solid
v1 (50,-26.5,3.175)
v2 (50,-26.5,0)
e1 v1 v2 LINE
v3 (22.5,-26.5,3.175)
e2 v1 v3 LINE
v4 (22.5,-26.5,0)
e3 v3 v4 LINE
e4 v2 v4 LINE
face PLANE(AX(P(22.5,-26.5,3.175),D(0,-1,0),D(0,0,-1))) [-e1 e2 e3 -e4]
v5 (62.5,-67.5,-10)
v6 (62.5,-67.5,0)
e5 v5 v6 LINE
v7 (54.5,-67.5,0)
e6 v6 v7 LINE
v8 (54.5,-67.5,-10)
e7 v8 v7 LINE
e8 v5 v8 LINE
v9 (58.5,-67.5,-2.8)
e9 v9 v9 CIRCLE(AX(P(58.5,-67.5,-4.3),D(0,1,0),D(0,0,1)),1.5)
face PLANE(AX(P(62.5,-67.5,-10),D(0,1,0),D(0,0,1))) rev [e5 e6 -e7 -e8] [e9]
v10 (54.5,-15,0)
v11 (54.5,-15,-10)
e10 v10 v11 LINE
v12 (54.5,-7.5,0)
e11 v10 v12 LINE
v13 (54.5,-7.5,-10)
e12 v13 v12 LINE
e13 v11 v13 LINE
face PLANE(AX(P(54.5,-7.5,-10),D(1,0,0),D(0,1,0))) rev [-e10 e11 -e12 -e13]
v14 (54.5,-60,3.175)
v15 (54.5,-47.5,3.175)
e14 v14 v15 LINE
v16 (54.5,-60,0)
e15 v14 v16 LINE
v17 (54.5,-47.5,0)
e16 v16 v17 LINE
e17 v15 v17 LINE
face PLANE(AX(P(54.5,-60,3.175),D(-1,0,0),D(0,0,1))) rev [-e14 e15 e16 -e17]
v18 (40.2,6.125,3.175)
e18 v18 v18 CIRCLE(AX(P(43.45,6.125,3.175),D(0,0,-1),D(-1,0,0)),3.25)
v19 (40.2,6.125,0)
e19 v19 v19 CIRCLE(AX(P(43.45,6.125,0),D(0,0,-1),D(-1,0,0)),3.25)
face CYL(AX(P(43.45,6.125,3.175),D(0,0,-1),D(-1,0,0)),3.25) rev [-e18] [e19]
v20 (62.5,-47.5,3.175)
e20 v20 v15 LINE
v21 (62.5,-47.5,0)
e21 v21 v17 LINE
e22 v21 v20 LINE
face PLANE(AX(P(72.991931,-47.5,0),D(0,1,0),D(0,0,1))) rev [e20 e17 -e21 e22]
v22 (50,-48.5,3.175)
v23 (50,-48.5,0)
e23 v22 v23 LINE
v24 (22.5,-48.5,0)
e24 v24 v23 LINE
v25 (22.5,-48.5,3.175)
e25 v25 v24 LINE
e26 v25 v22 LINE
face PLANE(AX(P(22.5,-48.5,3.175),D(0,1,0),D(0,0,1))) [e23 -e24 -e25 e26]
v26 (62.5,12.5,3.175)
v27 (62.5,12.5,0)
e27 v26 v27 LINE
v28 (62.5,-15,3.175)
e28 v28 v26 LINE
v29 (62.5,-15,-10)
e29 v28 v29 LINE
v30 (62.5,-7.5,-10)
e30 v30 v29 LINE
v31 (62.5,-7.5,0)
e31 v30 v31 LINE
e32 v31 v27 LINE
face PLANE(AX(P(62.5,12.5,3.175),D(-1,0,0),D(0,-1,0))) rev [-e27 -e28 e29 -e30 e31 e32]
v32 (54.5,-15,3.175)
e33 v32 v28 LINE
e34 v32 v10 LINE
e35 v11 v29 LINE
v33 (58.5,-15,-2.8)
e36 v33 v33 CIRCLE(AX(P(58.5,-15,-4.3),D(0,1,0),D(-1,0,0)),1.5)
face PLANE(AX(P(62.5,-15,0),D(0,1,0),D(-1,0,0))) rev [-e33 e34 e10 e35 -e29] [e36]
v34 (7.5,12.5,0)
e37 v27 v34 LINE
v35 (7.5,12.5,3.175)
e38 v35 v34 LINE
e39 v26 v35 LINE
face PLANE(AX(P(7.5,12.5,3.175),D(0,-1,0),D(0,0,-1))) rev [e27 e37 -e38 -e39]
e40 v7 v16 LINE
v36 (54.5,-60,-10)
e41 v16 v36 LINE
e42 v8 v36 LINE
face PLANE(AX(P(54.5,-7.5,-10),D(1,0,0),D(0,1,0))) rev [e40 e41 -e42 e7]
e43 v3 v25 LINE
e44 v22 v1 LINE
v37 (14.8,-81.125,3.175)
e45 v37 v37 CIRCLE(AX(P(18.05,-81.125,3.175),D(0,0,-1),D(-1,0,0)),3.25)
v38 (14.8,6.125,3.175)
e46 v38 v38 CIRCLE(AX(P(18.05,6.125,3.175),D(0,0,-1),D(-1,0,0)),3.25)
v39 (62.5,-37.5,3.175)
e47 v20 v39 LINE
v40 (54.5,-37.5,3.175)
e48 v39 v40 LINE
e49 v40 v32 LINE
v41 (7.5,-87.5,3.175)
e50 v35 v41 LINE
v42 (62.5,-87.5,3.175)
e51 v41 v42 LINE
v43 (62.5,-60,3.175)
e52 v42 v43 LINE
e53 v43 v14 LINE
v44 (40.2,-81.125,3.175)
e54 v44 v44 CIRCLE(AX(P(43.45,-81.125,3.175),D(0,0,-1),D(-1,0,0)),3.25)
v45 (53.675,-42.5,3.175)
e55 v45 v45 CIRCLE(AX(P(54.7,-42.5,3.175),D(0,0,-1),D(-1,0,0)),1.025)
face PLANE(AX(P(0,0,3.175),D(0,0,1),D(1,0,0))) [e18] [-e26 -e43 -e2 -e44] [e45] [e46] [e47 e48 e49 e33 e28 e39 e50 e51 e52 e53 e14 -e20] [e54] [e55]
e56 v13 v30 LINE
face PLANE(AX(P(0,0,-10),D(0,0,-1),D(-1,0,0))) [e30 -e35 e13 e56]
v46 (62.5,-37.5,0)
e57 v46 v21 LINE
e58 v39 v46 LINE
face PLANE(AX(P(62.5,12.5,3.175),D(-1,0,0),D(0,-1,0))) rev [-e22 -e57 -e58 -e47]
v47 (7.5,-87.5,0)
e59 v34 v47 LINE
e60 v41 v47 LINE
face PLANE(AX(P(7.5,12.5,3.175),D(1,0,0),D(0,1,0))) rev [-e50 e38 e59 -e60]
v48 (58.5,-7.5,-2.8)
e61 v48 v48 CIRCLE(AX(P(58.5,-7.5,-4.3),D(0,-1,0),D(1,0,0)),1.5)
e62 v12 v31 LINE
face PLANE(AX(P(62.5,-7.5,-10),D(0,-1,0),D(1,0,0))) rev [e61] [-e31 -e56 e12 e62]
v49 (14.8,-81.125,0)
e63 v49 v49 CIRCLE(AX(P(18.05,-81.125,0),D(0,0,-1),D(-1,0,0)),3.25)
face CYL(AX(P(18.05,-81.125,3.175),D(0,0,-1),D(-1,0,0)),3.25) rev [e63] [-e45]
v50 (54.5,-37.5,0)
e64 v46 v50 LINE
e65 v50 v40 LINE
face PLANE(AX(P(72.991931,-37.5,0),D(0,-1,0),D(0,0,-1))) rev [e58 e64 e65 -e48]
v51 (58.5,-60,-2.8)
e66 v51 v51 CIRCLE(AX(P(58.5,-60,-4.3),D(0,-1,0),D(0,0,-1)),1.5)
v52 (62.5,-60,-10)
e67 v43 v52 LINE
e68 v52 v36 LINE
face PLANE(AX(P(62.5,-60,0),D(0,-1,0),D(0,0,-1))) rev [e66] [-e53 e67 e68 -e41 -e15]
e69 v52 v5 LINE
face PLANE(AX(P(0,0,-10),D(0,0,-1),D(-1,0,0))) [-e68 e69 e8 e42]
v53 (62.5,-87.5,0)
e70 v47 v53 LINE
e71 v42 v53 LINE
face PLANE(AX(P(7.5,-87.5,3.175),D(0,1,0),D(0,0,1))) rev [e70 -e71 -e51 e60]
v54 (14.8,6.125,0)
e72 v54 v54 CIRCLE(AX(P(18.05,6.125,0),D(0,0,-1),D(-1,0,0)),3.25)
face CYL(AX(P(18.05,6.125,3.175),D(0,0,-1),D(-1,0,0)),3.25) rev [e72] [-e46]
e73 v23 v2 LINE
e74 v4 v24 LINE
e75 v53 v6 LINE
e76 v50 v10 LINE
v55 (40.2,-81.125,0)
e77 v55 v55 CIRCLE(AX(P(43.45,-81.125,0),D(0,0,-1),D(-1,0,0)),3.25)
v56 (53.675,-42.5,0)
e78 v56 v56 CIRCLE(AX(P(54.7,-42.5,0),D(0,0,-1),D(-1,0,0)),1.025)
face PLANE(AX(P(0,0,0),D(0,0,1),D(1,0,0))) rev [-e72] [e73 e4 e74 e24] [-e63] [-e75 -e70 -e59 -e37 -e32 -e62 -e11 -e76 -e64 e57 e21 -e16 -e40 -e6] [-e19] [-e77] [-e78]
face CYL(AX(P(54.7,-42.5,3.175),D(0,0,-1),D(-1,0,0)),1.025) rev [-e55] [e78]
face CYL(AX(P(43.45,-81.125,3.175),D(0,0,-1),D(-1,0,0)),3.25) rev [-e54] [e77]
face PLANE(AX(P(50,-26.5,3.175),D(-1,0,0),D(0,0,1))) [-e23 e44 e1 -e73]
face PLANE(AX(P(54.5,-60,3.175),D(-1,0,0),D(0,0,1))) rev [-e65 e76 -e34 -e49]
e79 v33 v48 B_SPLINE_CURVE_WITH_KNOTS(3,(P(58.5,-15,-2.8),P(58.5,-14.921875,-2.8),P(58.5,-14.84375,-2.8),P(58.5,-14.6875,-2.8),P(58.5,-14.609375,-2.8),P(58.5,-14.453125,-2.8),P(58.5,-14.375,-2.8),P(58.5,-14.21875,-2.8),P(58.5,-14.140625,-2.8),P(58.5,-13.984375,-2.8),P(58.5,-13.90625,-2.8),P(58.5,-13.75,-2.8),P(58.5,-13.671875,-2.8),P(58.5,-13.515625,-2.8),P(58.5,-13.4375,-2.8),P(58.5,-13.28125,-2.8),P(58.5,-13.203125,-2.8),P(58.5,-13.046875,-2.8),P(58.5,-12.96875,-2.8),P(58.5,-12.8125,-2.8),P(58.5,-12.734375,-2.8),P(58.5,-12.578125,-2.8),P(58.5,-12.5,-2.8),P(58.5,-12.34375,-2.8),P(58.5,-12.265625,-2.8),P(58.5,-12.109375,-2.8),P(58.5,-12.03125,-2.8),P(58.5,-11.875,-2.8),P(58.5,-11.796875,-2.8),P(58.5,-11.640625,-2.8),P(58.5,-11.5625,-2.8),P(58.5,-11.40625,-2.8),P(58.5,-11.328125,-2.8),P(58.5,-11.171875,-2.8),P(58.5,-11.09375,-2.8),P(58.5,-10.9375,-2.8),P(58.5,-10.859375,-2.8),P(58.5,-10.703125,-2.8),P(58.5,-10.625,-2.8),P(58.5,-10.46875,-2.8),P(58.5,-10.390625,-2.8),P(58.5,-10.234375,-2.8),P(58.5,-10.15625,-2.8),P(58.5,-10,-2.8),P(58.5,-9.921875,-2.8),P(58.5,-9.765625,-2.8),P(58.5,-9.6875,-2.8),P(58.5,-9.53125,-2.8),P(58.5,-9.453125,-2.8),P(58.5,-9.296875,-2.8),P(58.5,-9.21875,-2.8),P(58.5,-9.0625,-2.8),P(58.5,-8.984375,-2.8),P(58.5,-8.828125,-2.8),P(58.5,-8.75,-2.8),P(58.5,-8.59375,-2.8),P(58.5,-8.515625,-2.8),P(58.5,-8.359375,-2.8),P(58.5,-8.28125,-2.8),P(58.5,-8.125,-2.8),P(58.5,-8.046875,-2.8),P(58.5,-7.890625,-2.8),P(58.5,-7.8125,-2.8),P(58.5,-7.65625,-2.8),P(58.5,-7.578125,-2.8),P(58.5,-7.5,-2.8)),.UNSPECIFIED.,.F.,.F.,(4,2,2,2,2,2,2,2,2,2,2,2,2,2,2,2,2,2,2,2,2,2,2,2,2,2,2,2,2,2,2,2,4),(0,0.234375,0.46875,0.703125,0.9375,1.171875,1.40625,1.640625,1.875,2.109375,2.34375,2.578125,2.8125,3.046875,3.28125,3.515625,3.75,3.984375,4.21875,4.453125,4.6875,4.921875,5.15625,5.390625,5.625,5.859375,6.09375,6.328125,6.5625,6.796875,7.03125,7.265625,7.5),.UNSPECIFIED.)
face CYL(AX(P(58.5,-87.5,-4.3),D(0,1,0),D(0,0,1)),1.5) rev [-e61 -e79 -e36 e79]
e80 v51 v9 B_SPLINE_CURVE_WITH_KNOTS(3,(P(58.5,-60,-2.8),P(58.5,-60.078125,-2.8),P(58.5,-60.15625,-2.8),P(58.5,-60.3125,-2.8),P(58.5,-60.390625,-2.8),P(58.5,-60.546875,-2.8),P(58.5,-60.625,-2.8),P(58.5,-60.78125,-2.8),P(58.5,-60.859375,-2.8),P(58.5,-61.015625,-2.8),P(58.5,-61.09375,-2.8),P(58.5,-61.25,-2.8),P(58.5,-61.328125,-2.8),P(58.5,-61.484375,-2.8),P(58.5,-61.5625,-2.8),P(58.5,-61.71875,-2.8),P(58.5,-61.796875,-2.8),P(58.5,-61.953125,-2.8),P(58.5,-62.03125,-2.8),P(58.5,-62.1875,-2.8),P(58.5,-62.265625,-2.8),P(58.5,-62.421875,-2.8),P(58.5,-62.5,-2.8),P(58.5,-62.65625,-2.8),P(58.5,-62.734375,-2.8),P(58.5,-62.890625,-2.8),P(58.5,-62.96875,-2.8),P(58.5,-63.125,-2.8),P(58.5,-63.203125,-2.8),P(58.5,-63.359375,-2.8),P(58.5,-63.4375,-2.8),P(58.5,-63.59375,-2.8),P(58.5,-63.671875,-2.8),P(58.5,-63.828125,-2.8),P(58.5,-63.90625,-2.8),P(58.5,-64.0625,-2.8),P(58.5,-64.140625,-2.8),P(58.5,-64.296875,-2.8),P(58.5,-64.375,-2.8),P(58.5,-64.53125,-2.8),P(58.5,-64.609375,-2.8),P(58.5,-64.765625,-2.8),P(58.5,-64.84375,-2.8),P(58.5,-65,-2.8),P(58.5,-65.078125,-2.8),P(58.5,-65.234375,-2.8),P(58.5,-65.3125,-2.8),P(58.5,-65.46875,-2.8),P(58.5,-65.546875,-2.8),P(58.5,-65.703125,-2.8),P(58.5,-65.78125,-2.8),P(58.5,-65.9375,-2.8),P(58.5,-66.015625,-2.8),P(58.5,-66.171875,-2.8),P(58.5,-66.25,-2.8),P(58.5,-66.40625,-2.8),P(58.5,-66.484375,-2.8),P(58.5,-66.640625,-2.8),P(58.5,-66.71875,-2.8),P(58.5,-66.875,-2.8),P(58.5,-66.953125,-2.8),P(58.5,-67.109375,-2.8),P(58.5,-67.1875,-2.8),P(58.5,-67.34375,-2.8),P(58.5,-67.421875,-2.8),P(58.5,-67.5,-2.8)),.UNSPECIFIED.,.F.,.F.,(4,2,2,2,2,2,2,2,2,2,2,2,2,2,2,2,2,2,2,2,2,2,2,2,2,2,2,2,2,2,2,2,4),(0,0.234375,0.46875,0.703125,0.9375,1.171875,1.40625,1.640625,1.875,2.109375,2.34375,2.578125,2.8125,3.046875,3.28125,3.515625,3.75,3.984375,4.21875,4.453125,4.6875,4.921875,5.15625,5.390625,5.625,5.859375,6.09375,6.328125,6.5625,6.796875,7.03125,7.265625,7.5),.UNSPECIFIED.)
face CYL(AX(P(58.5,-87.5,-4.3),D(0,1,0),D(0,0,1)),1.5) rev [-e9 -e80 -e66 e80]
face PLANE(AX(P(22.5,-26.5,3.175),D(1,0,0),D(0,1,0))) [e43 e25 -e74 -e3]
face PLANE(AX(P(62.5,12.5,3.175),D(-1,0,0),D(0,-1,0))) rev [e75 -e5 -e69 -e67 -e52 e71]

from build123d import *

# Parameters (mm, degrees)
SKETCH1_W           = 55
SKETCH1_H           = 100
SKETCH1_W_2         = 27.5
SKETCH1_H_2         = 22
BOSS_EXTRUDE1_DEPTH = 3.175
SKETCH2_W           = 8
SKETCH2_H           = 60
BOSS_EXTRUDE2_DEPTH = 10
SKETCH3_W           = 8
SKETCH3_H           = 45
CUT_EXTRUDE1_DEPTH  = 10
SKETCH4_R           = 1.5
CUT_EXTRUDE2_DEPTH  = 119.348003785
SKETCH5_R           = 3.25
CUT_EXTRUDE3_DEPTH  = 108.993055332
SKETCH7_W           = 8
SKETCH7_H           = 45
CUT_EXTRUDE5_DEPTH  = 108.993055332
SKETCH8_W           = 3.175
SKETCH8_H           = 10
BOSS_EXTRUDE4_DEPTH = 8
SKETCH9_R           = 1.025
CUT_EXTRUDE6_DEPTH  = 108.993055332


with BuildPart() as part:
    # Sketch1 → Boss-Extrude1 (new body)
    with BuildSketch(Plane.XY):
        with Locations((35, -37.5)):
            Rectangle(SKETCH1_W, SKETCH1_H)
        with Locations((36.25, -37.5)):
            Rectangle(SKETCH1_W_2, SKETCH1_H_2, mode=Mode.SUBTRACT)
    extrude(amount=BOSS_EXTRUDE1_DEPTH)

    # Sketch2 → Boss-Extrude2 (add)
    with BuildSketch(Plane(origin=(0, 0, 0), x_dir=(-1, 0, 0), z_dir=(0, 0, -1))):
        with Locations((-58.5, -37.5)):
            Rectangle(SKETCH2_W, SKETCH2_H)
    extrude(amount=BOSS_EXTRUDE2_DEPTH)

    # Sketch3 → Cut-Extrude1 (cut)
    with BuildSketch(Plane(origin=(0, 0, -10), x_dir=(-1, 0, 0), z_dir=(0, 0, -1))):
        with Locations((-58.5, -37.5)):
            Rectangle(SKETCH3_W, SKETCH3_H)
    extrude(amount=-CUT_EXTRUDE1_DEPTH, mode=Mode.SUBTRACT)

    # Sketch4 → Cut-Extrude2 (cut, through all)
    with BuildSketch(Plane(origin=(0, 12.5, 0), x_dir=(1, 0, 0), z_dir=(0, 1, 0))):
        with Locations(Location((58.5, 4.3, 0), (0, 0, 270))):
            Circle(SKETCH4_R)
    extrude(amount=-CUT_EXTRUDE2_DEPTH, mode=Mode.SUBTRACT)

    # Sketch5 → Cut-Extrude3 (cut, through all)
    with BuildSketch(Plane(origin=(0, 0, 0), x_dir=(-1, 0, 0), z_dir=(0, 0, -1))):
        with Locations((-43.45, -81.125)):
            Circle(SKETCH5_R)
        with Locations((-18.05, -81.125)):
            Circle(SKETCH5_R)
        with Locations((-18.05, 6.125)):
            Circle(SKETCH5_R)
        with Locations((-43.45, 6.125)):
            Circle(SKETCH5_R)
    extrude(amount=-CUT_EXTRUDE3_DEPTH, mode=Mode.SUBTRACT)

    # Sketch7 → Cut-Extrude5 (cut, through all)
    with BuildSketch(Plane(origin=(0, 0, 0), x_dir=(-1, 0, 0), z_dir=(0, 0, -1))):
        with Locations((-58.5, -37.5)):
            Rectangle(SKETCH7_W, SKETCH7_H)
    extrude(amount=-CUT_EXTRUDE5_DEPTH, mode=Mode.SUBTRACT)

    # Sketch8 → Boss-Extrude4 (add)
    with BuildSketch(Plane(origin=(54.5, 0, 0), x_dir=(0, 0, -1), z_dir=(1, 0, 0))):
        with Locations((-1.5875, -42.5)):
            Rectangle(SKETCH8_W, SKETCH8_H)
    extrude(amount=BOSS_EXTRUDE4_DEPTH)

    # Sketch9 → Cut-Extrude6 (cut, through all)
    with BuildSketch(Plane(origin=(0, 0, 0), x_dir=(-1, 0, 0), z_dir=(0, 0, -1))):
        with Locations((-54.7, -42.5)):
            Circle(SKETCH9_R)
    extrude(amount=-CUT_EXTRUDE6_DEPTH, mode=Mode.SUBTRACT)


solid = part.part
